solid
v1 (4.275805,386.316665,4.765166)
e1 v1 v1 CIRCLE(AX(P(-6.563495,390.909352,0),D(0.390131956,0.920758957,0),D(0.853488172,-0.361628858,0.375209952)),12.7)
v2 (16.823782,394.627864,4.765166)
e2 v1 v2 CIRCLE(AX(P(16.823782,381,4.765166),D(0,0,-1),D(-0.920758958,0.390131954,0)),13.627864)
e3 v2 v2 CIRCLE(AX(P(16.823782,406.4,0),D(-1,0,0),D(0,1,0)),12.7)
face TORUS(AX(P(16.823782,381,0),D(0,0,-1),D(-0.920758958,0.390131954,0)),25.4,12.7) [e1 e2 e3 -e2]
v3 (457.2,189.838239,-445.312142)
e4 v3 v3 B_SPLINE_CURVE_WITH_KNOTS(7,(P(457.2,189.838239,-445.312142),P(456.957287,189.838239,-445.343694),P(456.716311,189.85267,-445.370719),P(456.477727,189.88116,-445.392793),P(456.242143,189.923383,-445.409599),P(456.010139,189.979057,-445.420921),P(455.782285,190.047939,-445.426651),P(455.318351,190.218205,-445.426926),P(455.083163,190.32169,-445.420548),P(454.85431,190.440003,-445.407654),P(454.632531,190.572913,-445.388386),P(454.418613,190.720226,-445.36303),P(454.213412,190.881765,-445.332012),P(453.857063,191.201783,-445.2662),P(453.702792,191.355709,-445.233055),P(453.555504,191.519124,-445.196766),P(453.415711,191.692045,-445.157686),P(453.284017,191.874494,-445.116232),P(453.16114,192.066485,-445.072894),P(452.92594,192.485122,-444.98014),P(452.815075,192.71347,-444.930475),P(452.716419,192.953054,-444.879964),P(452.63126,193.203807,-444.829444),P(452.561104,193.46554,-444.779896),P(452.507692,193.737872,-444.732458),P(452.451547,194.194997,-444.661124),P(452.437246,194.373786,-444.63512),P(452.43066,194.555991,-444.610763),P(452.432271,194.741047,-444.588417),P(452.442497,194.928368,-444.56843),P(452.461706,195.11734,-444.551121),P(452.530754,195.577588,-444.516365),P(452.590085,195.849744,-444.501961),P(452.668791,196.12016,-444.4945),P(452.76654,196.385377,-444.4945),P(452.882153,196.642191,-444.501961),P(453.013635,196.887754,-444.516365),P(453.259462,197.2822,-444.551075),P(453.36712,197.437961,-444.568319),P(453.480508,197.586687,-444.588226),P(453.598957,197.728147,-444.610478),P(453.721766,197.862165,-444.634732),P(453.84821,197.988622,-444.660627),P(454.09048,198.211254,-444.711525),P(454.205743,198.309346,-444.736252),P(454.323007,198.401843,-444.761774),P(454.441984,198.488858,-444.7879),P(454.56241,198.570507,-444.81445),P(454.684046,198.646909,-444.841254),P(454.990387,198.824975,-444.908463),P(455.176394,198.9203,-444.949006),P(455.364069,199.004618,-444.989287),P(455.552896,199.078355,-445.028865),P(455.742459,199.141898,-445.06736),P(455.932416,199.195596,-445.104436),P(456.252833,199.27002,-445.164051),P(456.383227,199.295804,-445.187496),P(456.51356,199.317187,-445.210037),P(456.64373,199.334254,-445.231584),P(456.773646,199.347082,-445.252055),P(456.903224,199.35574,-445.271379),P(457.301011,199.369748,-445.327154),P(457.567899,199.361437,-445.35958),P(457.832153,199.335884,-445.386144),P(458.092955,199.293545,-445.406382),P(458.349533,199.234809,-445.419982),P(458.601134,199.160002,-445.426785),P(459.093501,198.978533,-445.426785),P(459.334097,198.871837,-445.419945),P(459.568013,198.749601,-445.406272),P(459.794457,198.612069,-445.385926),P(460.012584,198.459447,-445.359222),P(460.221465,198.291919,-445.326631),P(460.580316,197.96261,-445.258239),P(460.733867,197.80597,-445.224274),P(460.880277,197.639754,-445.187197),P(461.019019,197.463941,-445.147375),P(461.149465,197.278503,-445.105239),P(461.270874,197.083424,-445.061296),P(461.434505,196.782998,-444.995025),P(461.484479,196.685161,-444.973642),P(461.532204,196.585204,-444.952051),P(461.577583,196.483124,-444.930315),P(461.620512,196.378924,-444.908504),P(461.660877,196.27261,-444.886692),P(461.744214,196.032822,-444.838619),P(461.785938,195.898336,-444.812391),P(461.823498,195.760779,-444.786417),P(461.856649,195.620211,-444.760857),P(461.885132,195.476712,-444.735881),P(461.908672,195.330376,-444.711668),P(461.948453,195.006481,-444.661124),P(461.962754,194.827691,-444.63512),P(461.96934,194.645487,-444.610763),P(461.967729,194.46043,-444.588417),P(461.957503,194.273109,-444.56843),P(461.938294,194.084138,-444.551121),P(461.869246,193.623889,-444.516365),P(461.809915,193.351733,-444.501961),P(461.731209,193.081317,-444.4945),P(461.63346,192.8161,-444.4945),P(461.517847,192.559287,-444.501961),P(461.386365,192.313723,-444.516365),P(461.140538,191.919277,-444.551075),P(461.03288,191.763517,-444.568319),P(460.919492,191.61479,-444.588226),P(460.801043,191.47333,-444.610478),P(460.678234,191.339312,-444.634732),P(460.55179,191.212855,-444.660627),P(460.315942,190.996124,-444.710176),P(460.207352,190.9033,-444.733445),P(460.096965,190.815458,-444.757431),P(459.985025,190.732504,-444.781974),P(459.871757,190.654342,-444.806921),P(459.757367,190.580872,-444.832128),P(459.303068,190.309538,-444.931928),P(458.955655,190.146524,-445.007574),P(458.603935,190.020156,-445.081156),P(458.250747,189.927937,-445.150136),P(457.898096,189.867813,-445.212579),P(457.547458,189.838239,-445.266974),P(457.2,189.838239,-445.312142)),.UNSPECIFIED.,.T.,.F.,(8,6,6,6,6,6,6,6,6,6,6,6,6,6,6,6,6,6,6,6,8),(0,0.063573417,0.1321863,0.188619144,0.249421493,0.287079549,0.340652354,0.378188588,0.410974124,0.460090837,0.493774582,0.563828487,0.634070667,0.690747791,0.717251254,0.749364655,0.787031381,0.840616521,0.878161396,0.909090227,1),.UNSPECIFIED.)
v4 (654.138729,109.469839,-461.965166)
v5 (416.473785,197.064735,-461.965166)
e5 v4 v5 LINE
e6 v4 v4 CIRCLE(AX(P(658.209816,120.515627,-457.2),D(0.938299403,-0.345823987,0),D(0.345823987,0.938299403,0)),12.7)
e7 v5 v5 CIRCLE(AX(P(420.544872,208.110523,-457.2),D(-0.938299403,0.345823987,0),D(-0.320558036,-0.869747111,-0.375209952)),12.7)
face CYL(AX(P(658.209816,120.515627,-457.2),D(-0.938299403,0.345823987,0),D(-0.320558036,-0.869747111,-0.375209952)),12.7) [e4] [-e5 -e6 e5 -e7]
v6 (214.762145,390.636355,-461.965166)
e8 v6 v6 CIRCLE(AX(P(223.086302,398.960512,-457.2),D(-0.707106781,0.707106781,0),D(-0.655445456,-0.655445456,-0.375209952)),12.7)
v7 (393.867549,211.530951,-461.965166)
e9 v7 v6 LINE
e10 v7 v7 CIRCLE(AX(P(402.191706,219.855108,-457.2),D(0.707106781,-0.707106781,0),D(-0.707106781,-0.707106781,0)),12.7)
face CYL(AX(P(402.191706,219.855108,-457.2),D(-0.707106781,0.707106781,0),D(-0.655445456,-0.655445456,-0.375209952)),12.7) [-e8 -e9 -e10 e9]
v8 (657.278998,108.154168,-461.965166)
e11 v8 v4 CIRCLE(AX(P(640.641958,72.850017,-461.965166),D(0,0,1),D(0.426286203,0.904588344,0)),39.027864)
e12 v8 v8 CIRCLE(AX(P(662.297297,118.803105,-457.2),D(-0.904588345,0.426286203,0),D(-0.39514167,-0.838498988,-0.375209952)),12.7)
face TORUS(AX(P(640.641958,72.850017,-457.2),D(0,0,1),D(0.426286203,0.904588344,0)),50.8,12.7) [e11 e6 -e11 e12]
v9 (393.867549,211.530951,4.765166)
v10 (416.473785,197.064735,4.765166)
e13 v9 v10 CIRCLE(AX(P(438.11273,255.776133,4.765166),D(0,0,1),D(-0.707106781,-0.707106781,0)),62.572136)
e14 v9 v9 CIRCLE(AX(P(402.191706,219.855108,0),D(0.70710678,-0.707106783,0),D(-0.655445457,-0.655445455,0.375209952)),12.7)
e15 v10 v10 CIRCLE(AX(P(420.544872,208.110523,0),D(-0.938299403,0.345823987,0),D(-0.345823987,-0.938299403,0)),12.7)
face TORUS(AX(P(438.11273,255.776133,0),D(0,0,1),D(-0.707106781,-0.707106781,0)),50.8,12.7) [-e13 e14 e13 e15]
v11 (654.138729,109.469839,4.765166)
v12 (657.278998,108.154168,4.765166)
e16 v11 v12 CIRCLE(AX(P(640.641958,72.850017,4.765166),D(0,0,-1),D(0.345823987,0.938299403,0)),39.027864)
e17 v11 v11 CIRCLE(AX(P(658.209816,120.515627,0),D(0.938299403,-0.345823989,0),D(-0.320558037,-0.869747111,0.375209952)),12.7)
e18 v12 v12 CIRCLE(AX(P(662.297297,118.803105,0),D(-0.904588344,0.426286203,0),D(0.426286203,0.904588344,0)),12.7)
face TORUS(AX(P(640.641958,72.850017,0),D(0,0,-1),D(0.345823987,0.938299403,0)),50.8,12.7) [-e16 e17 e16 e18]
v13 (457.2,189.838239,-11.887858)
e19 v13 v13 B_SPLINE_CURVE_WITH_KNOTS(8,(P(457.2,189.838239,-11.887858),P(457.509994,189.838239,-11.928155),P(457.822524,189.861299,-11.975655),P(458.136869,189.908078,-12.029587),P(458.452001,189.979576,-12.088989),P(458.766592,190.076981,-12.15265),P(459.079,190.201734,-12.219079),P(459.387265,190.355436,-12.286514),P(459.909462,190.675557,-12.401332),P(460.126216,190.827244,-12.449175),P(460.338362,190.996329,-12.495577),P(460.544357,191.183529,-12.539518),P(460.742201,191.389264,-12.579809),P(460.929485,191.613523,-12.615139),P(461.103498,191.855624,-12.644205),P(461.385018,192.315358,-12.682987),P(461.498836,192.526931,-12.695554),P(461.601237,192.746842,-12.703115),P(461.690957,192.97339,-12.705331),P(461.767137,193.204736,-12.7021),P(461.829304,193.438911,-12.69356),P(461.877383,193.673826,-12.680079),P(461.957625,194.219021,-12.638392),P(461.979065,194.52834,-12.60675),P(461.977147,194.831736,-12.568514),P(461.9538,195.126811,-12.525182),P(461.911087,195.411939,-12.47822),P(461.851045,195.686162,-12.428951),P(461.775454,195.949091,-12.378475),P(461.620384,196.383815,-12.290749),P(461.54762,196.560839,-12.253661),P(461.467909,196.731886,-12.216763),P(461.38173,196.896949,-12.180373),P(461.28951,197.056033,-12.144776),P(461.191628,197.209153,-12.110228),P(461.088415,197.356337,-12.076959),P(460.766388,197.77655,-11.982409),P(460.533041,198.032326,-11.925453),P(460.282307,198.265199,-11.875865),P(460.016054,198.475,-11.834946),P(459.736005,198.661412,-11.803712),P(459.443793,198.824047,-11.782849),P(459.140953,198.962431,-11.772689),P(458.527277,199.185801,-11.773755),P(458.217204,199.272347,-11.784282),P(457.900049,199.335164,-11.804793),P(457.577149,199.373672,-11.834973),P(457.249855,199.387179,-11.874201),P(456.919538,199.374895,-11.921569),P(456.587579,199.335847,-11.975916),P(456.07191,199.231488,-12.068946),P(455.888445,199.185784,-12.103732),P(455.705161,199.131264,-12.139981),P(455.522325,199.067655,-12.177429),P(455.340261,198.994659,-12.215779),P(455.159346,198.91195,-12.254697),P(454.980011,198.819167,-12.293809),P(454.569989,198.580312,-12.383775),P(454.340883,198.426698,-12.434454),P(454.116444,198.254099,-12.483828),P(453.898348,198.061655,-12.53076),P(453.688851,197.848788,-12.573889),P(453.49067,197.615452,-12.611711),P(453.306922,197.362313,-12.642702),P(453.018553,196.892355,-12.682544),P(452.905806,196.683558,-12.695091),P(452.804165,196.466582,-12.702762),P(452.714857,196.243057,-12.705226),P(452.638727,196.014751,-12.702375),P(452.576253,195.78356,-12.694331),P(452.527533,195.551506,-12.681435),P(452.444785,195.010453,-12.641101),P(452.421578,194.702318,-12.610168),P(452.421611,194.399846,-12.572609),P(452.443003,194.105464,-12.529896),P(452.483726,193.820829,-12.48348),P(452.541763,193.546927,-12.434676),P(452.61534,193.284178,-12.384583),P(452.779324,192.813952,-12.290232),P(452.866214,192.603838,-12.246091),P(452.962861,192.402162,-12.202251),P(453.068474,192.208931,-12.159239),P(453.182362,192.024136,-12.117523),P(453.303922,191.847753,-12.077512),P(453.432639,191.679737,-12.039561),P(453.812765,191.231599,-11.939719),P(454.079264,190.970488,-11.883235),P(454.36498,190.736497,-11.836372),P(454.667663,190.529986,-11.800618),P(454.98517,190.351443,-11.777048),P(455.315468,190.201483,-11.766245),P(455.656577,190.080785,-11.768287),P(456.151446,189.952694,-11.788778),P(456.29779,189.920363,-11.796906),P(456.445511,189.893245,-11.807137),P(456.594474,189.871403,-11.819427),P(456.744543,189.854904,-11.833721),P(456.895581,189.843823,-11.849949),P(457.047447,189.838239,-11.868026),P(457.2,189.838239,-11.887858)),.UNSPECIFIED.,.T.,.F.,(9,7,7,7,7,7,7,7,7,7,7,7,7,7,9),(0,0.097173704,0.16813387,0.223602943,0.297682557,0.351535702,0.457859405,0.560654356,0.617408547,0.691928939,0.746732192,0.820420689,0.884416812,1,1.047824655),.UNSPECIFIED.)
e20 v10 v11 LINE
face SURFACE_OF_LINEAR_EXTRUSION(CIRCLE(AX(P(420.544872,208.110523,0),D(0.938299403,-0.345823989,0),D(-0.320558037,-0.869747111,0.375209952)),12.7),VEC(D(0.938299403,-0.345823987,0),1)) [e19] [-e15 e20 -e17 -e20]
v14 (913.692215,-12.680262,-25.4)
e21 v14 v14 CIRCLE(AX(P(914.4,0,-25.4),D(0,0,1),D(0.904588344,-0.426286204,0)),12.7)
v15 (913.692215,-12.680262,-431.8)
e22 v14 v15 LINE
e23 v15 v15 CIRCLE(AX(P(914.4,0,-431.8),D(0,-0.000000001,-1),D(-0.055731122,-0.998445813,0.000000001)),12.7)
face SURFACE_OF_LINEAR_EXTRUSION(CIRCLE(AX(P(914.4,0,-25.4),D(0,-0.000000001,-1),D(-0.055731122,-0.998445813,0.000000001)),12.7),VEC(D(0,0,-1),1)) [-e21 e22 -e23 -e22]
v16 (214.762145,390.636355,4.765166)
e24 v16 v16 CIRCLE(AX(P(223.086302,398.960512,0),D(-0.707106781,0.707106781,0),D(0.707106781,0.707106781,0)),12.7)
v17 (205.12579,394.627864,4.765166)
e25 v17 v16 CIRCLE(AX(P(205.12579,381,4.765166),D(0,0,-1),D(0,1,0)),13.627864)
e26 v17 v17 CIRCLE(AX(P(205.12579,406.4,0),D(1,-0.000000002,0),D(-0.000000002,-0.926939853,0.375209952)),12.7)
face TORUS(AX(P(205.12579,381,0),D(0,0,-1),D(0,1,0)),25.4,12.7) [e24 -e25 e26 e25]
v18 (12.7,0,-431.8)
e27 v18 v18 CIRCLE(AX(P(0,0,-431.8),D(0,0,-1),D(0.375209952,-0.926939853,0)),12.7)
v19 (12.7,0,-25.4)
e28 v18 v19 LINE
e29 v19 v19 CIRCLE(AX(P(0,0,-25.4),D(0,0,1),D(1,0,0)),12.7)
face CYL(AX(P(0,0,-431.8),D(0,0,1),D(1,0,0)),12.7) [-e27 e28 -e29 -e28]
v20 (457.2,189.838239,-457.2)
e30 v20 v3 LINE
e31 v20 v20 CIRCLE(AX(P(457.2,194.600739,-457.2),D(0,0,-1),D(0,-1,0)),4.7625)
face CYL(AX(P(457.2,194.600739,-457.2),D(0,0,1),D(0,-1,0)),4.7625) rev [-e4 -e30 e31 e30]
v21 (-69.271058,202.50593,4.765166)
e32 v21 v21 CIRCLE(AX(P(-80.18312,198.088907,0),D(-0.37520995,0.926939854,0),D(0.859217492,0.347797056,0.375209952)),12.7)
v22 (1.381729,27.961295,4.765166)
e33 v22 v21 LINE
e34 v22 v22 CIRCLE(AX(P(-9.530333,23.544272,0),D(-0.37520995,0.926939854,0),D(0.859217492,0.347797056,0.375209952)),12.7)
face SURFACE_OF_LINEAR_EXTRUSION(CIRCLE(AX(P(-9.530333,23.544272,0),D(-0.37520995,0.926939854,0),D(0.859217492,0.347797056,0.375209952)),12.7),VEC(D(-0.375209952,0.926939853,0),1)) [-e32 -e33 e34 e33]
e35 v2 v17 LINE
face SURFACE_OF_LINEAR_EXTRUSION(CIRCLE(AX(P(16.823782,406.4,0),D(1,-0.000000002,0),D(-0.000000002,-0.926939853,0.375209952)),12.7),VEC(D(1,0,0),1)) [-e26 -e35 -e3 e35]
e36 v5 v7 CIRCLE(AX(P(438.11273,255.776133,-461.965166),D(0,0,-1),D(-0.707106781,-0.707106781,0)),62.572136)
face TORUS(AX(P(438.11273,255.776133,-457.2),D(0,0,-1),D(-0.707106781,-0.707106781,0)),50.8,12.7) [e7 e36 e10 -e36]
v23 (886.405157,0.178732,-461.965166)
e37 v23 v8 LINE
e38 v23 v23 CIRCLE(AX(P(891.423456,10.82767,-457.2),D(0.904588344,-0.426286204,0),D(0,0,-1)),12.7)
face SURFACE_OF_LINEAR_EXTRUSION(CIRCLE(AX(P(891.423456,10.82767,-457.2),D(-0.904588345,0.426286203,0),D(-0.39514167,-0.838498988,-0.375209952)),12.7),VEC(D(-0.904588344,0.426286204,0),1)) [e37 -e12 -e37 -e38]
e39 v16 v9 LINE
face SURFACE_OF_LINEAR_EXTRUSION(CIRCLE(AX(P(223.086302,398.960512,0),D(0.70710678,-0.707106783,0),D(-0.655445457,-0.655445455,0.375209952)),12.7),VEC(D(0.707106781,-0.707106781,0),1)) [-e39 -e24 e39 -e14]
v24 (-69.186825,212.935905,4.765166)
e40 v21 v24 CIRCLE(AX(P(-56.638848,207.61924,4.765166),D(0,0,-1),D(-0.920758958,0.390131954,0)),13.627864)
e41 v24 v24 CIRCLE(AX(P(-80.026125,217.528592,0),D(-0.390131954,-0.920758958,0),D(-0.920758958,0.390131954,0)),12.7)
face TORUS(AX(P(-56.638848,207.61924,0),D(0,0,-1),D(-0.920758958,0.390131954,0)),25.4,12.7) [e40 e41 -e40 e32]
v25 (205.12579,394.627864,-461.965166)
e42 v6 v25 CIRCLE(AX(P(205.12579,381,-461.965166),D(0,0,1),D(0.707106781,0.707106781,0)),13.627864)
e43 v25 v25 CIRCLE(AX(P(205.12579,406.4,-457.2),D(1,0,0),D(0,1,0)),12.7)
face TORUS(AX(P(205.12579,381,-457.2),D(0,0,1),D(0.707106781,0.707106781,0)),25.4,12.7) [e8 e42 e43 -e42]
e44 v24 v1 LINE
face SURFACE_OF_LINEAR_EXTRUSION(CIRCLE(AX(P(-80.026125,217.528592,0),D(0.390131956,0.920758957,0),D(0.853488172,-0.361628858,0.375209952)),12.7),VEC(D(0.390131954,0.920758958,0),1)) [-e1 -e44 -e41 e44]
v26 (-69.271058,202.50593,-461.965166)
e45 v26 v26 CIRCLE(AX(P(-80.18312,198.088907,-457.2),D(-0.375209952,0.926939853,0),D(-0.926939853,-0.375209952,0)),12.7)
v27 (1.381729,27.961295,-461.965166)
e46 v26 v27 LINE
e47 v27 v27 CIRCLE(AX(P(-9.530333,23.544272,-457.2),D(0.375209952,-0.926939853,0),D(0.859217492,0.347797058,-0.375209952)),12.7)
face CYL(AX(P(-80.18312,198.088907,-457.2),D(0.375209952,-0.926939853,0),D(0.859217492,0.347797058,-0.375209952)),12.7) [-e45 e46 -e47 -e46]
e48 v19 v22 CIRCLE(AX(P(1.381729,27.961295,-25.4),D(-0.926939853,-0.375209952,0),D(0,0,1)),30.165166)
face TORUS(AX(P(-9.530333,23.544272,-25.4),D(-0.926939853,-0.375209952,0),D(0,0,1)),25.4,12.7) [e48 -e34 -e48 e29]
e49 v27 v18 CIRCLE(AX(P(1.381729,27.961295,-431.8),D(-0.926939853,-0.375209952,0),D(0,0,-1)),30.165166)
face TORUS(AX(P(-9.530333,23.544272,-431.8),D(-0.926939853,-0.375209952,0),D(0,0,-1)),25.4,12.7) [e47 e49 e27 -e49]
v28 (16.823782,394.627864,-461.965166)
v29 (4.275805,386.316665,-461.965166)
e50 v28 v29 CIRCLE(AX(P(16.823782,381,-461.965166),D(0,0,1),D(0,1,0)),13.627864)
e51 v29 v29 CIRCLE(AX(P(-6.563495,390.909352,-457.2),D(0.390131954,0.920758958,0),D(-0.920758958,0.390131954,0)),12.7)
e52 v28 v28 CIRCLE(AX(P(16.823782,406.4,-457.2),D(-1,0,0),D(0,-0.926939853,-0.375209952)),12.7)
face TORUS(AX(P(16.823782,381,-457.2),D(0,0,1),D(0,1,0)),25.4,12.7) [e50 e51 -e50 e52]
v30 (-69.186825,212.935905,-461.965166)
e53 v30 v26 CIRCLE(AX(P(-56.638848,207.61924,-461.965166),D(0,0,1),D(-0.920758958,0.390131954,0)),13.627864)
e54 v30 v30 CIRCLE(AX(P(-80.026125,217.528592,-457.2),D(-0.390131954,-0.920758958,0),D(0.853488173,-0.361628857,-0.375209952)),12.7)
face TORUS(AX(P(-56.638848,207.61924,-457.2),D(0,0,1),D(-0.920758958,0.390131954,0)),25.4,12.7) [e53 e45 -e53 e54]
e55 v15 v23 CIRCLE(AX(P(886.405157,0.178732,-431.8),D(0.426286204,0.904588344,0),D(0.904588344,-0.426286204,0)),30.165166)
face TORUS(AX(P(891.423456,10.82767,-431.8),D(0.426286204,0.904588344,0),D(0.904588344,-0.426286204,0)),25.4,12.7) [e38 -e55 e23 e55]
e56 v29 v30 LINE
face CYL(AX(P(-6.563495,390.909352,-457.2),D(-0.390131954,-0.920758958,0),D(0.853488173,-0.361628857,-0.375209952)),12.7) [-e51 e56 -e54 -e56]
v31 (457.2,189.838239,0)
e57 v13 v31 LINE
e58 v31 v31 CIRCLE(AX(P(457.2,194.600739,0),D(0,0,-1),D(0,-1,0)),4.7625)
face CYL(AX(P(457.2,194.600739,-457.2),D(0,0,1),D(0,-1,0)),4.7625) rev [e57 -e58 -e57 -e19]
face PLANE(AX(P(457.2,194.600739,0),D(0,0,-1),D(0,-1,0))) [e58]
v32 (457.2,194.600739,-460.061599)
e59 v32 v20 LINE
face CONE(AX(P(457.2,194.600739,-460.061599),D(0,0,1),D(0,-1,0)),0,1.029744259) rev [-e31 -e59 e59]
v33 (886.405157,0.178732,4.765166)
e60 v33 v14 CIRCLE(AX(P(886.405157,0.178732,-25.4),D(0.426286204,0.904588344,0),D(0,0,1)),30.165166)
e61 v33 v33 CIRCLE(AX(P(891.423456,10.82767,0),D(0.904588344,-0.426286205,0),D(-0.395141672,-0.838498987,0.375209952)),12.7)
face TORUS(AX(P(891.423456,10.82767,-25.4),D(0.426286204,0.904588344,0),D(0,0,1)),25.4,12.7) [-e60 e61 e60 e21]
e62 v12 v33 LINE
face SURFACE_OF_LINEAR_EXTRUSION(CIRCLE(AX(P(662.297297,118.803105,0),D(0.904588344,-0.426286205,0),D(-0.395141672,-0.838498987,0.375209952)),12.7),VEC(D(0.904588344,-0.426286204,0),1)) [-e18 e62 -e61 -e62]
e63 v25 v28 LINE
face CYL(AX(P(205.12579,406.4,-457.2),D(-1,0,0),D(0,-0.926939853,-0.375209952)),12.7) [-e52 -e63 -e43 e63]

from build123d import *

# Parameters (mm, degrees)
SKETCH4_R = 12.7


with BuildPart() as part:
    # Sweep3: sweep along a curve in space
    with BuildLine() as sweep3_path:
        Line((-9.53033279, 23.544272274, 0), (-80.183119964, 198.088907267, 0))
        ThreePointArc((-80.026125215, 217.528591697, 0), (-82.038019415, 207.82436358, 0), (-80.183119964, 198.088907267, 0))
        Line((-80.026125215, 217.528591697, 0), (-6.563495112, 390.909351641, 0))
        ThreePointArc((-6.563495112, 390.909351641, 0), (2.79769122, 402.176136707, 0), (16.823782413, 406.4, 0))
        Line((16.823782413, 406.4, 0), (205.125789679, 406.4, 0))
        ThreePointArc((205.125789679, 406.4, 0), (214.845948861, 404.466540126, 0), (223.086301921, 398.960512242, 0))
        Line((223.086301921, 398.960512242, 0), (402.191705998, 219.855108165, 0))
        ThreePointArc((402.191705998, 219.855108165, 0), (410.731186113, 212.987220207, 0), (420.544871947, 208.110522966, 0))
        Line((420.544871947, 208.110522966, 0), (658.209816238, 120.515627027, 0))
        ThreePointArc((658.209816238, 120.515627027, 0), (660.272240222, 119.703960701, 0), (662.297296847, 118.803105232, 0))
        Line((662.297296847, 118.803105232, 0), (891.423456056, 10.827669573, 0))
        ThreePointArc((891.423456056, 10.827669573, 0), (907.670326087, 3.171350993, -7.439487758), (914.4, 0, -25.4))
        Line((914.4, 0, -25.4), (914.4, 0, -431.8))
        ThreePointArc((914.4, 0, -431.8), (907.670326087, 3.171350993, -449.760512242), (891.423456056, 10.827669573, -457.2))
        Line((891.423456056, 10.827669573, -457.2), (662.297296847, 118.803105232, -457.2))
        ThreePointArc((662.297296847, 118.803105232, -457.2), (660.272240222, 119.703960701, -457.2), (658.209816238, 120.515627027, -457.2))
        Line((658.209816238, 120.515627027, -457.2), (420.544871947, 208.110522966, -457.2))
        ThreePointArc((402.191705998, 219.855108165, -457.2), (410.731186113, 212.987220207, -457.2), (420.544871947, 208.110522966, -457.2))
        Line((402.191705998, 219.855108165, -457.2), (223.086301921, 398.960512242, -457.2))
        ThreePointArc((223.086301921, 398.960512242, -457.2), (214.845948861, 404.466540126, -457.2), (205.125789679, 406.4, -457.2))
        Line((205.125789679, 406.4, -457.2), (16.823782413, 406.4, -457.2))
        ThreePointArc((16.823782413, 406.4, -457.2), (2.79769122, 402.176136707, -457.2), (-6.563495112, 390.909351641, -457.2))
        Line((-6.563495112, 390.909351641, -457.2), (-80.026125215, 217.528591697, -457.2))
        ThreePointArc((-80.026125215, 217.528591697, -457.2), (-82.038019415, 207.82436358, -457.2), (-80.183119964, 198.088907267, -457.2))
        Line((-80.183119964, 198.088907267, -457.2), (-9.53033279, 23.544272274, -457.2))
        ThreePointArc((-9.53033279, 23.544272274, -457.2), (-2.791369847, 6.895957691, -449.760512242), (0, 0, -431.8))
        Line((0, 0, -431.8), (0, 0, -25.4))
        ThreePointArc((-9.53033279, 23.544272274, 0), (-2.791369847, 6.895957691, -7.439487758), (0, 0, -25.4))
    # Sketch4 → Sweep3 (sweep)
    with BuildSketch(Plane.XY.offset(-25.4)):
        Circle(SKETCH4_R)
    sweep(path=sweep3_path.line)

    # Sketch7 → 3/8 (0.375) Diameter Hole1 (revolve, cut)
    with BuildSketch(Plane(origin=(457.2, 194.600738689, 0), x_dir=(0, -1, 0), z_dir=(1, 0, 0))):
        Polygon((0, 0), (0, 460.061598698), (4.7625, 457.2), (4.7625, 0), align=None)
    revolve(axis=Axis((457.2, 194.600738689, 6.35), (0, 0, -1)), mode=Mode.SUBTRACT)


solid = part.part
